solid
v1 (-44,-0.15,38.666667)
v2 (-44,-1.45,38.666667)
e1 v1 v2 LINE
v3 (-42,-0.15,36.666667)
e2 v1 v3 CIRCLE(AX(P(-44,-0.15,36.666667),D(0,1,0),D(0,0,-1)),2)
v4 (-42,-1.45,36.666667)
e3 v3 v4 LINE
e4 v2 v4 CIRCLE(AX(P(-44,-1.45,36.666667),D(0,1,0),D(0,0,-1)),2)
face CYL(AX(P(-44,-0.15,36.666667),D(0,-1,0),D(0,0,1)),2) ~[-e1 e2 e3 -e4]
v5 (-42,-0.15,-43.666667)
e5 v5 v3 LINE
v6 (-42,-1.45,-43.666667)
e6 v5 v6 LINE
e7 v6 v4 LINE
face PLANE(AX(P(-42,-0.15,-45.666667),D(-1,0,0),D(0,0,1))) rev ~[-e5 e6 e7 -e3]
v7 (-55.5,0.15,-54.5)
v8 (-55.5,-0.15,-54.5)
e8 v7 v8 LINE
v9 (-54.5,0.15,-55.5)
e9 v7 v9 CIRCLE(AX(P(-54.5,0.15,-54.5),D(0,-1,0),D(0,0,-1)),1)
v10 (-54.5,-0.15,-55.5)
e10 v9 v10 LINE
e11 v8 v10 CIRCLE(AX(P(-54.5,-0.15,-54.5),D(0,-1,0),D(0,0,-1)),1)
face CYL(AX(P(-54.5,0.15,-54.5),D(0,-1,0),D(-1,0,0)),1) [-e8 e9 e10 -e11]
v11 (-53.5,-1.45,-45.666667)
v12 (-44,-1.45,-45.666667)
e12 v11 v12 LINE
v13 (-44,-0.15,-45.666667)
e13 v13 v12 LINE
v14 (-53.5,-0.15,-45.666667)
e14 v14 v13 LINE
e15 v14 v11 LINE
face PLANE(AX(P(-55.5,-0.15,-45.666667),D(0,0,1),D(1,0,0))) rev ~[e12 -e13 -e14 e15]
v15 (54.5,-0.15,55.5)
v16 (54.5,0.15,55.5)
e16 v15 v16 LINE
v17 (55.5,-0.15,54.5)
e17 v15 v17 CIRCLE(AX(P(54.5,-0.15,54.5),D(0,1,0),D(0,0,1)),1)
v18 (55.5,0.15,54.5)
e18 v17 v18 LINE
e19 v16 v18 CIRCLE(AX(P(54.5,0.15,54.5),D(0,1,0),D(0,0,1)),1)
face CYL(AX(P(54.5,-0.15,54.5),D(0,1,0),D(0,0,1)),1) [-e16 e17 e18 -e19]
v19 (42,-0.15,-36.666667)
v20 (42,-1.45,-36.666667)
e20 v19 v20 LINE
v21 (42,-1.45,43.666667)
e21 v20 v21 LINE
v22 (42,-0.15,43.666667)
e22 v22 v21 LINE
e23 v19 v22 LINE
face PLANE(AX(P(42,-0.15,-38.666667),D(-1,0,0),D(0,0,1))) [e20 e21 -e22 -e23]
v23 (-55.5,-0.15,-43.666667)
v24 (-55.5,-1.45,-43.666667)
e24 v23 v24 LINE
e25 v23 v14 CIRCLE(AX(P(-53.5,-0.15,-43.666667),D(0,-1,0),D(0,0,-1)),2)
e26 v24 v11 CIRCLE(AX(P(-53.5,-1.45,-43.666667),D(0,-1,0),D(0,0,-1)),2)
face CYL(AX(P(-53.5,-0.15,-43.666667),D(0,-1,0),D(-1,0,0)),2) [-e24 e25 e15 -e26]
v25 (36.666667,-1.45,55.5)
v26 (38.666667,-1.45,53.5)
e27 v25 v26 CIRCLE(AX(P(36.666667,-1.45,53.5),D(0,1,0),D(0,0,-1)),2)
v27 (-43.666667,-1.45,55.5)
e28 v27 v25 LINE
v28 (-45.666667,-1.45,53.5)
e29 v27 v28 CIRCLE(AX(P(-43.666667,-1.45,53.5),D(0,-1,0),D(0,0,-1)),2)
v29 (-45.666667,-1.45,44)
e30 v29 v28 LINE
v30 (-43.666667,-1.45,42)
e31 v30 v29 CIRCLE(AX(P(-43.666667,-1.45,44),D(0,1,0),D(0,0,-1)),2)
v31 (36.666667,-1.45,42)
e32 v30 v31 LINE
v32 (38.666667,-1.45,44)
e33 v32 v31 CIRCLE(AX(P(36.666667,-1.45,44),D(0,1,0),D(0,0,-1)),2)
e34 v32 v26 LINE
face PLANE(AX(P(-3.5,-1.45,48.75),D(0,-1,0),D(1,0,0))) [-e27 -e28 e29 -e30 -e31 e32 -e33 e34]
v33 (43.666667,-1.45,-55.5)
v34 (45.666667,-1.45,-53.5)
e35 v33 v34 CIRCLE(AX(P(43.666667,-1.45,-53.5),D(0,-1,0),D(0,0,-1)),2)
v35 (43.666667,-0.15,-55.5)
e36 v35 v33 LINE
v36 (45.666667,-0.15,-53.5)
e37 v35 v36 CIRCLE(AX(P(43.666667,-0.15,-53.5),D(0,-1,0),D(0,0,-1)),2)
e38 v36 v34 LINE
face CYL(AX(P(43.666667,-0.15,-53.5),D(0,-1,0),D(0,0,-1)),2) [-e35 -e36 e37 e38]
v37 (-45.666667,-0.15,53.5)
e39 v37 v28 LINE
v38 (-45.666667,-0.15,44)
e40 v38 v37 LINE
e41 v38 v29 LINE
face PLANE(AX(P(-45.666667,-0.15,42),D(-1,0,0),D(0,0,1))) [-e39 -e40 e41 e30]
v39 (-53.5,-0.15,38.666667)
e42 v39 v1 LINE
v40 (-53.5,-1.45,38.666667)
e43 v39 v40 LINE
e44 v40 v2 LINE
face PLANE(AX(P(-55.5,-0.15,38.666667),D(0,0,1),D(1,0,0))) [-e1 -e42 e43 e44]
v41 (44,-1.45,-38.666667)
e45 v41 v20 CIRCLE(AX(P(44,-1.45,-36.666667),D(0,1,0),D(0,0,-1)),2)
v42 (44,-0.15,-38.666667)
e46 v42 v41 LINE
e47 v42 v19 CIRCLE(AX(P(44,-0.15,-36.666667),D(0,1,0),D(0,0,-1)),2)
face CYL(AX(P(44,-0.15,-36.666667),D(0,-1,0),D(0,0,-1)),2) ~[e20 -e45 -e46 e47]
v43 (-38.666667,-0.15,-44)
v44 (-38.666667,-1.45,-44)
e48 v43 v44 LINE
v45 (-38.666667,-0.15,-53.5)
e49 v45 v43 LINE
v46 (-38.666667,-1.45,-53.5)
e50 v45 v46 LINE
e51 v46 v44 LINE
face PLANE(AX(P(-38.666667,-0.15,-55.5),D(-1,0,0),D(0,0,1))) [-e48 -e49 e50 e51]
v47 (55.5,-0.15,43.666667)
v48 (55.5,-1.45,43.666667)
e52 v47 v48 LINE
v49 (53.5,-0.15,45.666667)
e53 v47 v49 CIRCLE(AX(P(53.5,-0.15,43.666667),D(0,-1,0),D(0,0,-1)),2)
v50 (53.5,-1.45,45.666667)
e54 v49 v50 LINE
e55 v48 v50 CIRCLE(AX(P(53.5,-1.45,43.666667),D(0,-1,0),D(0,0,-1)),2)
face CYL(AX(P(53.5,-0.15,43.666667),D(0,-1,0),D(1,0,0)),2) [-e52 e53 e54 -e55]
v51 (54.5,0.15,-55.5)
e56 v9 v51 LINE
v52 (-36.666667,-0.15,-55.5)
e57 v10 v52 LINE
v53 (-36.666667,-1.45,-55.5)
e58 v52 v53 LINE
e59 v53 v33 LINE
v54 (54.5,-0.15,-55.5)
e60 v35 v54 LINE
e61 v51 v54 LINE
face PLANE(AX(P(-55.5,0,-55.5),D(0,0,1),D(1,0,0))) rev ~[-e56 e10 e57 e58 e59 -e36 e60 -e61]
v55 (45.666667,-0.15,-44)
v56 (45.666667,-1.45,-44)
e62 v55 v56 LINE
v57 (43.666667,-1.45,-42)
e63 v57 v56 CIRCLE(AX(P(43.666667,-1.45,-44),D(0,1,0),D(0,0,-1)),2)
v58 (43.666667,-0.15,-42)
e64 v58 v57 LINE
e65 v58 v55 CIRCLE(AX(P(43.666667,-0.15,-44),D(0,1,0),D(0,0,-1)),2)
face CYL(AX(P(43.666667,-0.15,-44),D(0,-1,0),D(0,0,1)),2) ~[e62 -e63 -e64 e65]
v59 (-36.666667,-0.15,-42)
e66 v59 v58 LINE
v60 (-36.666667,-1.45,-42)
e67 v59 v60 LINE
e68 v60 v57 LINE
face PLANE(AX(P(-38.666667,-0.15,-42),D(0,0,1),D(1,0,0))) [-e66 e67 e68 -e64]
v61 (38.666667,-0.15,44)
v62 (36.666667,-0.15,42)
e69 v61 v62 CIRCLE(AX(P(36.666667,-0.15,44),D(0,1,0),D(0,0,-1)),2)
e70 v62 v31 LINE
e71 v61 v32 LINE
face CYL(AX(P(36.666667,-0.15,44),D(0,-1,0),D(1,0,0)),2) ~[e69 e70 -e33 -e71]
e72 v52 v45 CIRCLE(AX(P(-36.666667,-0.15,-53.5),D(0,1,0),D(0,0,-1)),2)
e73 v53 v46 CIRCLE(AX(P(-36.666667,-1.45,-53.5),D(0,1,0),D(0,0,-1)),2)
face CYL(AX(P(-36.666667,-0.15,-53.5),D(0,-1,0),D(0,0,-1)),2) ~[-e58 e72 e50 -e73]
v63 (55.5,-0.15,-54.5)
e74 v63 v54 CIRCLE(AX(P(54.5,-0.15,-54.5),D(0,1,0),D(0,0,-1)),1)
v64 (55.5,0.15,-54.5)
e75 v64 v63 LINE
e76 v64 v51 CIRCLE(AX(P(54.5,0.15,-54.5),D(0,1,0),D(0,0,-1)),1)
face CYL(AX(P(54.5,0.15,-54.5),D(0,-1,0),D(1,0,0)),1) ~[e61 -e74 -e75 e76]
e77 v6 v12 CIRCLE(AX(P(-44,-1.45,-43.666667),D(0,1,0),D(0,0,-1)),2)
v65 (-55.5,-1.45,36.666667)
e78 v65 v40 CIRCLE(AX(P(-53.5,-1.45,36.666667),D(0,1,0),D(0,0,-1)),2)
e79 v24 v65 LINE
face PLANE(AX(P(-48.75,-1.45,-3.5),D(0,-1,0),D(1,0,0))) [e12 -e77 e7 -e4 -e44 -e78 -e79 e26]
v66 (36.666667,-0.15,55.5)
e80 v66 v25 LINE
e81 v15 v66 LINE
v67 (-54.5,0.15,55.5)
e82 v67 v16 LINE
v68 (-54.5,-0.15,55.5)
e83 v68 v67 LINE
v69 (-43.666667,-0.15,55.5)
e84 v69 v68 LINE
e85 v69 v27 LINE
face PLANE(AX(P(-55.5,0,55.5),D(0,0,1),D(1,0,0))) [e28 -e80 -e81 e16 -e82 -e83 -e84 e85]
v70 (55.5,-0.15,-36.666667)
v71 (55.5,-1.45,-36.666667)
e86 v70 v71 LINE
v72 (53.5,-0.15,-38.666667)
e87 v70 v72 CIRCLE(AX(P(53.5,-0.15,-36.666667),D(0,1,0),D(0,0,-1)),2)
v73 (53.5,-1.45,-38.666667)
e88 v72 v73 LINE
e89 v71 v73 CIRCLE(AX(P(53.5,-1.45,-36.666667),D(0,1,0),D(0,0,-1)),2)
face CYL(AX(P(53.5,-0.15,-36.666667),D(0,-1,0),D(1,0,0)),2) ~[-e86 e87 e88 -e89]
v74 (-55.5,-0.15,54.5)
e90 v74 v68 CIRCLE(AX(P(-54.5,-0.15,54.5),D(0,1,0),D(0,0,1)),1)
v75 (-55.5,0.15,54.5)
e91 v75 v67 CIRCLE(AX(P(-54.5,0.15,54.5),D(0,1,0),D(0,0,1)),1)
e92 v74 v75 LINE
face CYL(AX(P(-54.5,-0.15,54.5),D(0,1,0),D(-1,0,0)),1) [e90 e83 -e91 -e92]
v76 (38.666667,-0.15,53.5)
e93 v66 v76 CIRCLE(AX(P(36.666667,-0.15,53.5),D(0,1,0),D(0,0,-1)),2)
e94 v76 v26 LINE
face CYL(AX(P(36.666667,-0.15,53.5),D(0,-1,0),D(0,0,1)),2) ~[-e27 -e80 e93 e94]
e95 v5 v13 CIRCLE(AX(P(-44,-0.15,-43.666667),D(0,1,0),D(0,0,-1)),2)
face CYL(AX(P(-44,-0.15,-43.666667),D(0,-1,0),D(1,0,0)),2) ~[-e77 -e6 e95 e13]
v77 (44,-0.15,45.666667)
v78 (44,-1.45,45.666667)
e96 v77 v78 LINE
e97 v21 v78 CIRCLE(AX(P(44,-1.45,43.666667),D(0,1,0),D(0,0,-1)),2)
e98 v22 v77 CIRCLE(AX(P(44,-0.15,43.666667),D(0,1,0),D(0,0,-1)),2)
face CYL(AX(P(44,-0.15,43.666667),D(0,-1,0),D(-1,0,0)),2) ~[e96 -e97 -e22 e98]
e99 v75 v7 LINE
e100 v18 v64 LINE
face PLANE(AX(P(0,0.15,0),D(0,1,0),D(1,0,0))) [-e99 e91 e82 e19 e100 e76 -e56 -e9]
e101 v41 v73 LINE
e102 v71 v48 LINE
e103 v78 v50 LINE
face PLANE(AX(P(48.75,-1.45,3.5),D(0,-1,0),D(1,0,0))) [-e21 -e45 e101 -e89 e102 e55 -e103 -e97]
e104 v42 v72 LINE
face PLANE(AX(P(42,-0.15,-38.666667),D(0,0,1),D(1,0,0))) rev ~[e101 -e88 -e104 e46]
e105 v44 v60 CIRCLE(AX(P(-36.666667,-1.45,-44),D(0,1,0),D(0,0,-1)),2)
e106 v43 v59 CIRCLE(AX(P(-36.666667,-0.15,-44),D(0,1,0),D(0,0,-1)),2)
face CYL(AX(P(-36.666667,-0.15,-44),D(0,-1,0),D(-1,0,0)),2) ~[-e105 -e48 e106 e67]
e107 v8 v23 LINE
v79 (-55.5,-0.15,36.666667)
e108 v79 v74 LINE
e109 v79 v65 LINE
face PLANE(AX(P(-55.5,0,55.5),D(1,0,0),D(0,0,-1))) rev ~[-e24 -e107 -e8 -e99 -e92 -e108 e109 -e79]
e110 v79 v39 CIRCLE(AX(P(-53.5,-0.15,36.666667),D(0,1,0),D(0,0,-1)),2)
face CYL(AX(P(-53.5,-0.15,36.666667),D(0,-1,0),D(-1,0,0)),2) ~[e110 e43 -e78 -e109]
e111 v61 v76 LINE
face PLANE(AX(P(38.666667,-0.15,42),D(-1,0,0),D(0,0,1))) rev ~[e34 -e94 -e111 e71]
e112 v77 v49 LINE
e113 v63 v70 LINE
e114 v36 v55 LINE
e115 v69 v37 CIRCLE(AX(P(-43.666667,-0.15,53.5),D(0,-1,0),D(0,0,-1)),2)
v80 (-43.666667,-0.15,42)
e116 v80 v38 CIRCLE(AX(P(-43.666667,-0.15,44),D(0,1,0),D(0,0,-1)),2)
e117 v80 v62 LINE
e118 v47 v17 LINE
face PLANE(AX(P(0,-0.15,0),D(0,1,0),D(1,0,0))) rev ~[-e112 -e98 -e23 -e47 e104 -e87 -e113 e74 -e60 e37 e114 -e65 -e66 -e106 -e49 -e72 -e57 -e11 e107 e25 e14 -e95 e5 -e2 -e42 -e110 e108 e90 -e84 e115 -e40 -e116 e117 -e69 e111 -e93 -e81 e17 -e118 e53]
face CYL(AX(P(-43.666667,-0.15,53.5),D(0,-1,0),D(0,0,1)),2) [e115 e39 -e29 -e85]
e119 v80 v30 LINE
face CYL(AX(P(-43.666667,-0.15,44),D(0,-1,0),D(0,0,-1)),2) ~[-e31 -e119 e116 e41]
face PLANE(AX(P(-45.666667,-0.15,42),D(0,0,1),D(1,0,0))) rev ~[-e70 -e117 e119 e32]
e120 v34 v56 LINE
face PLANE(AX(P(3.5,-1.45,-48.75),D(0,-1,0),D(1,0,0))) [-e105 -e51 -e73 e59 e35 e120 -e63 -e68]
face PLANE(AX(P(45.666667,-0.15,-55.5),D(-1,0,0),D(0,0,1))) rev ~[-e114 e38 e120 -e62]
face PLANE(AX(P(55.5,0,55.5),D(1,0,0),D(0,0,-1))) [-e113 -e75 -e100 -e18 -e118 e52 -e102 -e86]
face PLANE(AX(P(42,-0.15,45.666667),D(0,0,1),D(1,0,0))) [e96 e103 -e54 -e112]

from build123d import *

# Parameters (mm, degrees)
SKETCH1_W           = 111
SKETCH1_H           = 111
BOSS_EXTRUDE1_DEPTH = 0.15
SKETCH2_W           = 13.5
SKETCH2_H           = 84.333333334
SKETCH2_W_2         = 84.333333334
SKETCH2_H_2         = 13.5
BOSS_EXTRUDE2_DEPTH = 1.3
FILLET1_R           = 2
FILLET2_R           = 1


with BuildPart() as part:
    # Sketch1 → Boss-Extrude1 (new, symmetric)
    with BuildSketch(Plane(origin=(0, 0, 0), x_dir=(1, 0, 0), z_dir=(0, 1, 0))):
        Rectangle(SKETCH1_W, SKETCH1_H)
    extrude(amount=BOSS_EXTRUDE1_DEPTH, both=True)

    # Sketch2 → Boss-Extrude2 (add)
    with BuildSketch(Plane.XZ.offset(0.15)):
        with Locations((-48.75, -3.5)):
            Rectangle(SKETCH2_W, SKETCH2_H)
        with Locations((3.5, -48.75)):
            Rectangle(SKETCH2_W_2, SKETCH2_H_2)
        with Locations((-3.5, 48.75)):
            Rectangle(SKETCH2_W_2, SKETCH2_H_2)
        with Locations((48.75, 3.5)):
            Rectangle(SKETCH2_W, SKETCH2_H)
    extrude(amount=BOSS_EXTRUDE2_DEPTH)

    # Fillet1
    fillet1_edges = [part.edges().sort_by_distance(p)[0] for p in [
        (45.666666667, -0.8, -55.5),
        (45.666666667, -0.8, -42),
        (-38.666666667, -0.8, -42),
        (-38.666666667, -0.8, -55.5),
        (-42, -0.8, -45.666666667),
        (-42, -0.8, 38.666666667),
        (-55.5, -0.8, 38.666666667),
        (-55.5, -0.8, -45.666666667),
        (-45.666666667, -0.8, 42),
        (38.666666667, -0.8, 42),
        (38.666666667, -0.8, 55.5),
        (-45.666666667, -0.8, 55.5),
        (42, -0.8, 45.666666667),
        (42, -0.8, -38.666666667),
        (55.5, -0.8, -38.666666667),
        (55.5, -0.8, 45.666666667),
    ]]
    fillet(fillet1_edges, radius=FILLET1_R)

    # Fillet2
    fillet2_edges = [part.edges().sort_by_distance(p)[0] for p in [
        (55.5, 0, 55.5),
        (-55.5, 0, 55.5),
        (-55.5, 0, -55.5),
        (55.5, 0, -55.5),
    ]]
    fillet(fillet2_edges, radius=FILLET2_R)


solid = part.part
